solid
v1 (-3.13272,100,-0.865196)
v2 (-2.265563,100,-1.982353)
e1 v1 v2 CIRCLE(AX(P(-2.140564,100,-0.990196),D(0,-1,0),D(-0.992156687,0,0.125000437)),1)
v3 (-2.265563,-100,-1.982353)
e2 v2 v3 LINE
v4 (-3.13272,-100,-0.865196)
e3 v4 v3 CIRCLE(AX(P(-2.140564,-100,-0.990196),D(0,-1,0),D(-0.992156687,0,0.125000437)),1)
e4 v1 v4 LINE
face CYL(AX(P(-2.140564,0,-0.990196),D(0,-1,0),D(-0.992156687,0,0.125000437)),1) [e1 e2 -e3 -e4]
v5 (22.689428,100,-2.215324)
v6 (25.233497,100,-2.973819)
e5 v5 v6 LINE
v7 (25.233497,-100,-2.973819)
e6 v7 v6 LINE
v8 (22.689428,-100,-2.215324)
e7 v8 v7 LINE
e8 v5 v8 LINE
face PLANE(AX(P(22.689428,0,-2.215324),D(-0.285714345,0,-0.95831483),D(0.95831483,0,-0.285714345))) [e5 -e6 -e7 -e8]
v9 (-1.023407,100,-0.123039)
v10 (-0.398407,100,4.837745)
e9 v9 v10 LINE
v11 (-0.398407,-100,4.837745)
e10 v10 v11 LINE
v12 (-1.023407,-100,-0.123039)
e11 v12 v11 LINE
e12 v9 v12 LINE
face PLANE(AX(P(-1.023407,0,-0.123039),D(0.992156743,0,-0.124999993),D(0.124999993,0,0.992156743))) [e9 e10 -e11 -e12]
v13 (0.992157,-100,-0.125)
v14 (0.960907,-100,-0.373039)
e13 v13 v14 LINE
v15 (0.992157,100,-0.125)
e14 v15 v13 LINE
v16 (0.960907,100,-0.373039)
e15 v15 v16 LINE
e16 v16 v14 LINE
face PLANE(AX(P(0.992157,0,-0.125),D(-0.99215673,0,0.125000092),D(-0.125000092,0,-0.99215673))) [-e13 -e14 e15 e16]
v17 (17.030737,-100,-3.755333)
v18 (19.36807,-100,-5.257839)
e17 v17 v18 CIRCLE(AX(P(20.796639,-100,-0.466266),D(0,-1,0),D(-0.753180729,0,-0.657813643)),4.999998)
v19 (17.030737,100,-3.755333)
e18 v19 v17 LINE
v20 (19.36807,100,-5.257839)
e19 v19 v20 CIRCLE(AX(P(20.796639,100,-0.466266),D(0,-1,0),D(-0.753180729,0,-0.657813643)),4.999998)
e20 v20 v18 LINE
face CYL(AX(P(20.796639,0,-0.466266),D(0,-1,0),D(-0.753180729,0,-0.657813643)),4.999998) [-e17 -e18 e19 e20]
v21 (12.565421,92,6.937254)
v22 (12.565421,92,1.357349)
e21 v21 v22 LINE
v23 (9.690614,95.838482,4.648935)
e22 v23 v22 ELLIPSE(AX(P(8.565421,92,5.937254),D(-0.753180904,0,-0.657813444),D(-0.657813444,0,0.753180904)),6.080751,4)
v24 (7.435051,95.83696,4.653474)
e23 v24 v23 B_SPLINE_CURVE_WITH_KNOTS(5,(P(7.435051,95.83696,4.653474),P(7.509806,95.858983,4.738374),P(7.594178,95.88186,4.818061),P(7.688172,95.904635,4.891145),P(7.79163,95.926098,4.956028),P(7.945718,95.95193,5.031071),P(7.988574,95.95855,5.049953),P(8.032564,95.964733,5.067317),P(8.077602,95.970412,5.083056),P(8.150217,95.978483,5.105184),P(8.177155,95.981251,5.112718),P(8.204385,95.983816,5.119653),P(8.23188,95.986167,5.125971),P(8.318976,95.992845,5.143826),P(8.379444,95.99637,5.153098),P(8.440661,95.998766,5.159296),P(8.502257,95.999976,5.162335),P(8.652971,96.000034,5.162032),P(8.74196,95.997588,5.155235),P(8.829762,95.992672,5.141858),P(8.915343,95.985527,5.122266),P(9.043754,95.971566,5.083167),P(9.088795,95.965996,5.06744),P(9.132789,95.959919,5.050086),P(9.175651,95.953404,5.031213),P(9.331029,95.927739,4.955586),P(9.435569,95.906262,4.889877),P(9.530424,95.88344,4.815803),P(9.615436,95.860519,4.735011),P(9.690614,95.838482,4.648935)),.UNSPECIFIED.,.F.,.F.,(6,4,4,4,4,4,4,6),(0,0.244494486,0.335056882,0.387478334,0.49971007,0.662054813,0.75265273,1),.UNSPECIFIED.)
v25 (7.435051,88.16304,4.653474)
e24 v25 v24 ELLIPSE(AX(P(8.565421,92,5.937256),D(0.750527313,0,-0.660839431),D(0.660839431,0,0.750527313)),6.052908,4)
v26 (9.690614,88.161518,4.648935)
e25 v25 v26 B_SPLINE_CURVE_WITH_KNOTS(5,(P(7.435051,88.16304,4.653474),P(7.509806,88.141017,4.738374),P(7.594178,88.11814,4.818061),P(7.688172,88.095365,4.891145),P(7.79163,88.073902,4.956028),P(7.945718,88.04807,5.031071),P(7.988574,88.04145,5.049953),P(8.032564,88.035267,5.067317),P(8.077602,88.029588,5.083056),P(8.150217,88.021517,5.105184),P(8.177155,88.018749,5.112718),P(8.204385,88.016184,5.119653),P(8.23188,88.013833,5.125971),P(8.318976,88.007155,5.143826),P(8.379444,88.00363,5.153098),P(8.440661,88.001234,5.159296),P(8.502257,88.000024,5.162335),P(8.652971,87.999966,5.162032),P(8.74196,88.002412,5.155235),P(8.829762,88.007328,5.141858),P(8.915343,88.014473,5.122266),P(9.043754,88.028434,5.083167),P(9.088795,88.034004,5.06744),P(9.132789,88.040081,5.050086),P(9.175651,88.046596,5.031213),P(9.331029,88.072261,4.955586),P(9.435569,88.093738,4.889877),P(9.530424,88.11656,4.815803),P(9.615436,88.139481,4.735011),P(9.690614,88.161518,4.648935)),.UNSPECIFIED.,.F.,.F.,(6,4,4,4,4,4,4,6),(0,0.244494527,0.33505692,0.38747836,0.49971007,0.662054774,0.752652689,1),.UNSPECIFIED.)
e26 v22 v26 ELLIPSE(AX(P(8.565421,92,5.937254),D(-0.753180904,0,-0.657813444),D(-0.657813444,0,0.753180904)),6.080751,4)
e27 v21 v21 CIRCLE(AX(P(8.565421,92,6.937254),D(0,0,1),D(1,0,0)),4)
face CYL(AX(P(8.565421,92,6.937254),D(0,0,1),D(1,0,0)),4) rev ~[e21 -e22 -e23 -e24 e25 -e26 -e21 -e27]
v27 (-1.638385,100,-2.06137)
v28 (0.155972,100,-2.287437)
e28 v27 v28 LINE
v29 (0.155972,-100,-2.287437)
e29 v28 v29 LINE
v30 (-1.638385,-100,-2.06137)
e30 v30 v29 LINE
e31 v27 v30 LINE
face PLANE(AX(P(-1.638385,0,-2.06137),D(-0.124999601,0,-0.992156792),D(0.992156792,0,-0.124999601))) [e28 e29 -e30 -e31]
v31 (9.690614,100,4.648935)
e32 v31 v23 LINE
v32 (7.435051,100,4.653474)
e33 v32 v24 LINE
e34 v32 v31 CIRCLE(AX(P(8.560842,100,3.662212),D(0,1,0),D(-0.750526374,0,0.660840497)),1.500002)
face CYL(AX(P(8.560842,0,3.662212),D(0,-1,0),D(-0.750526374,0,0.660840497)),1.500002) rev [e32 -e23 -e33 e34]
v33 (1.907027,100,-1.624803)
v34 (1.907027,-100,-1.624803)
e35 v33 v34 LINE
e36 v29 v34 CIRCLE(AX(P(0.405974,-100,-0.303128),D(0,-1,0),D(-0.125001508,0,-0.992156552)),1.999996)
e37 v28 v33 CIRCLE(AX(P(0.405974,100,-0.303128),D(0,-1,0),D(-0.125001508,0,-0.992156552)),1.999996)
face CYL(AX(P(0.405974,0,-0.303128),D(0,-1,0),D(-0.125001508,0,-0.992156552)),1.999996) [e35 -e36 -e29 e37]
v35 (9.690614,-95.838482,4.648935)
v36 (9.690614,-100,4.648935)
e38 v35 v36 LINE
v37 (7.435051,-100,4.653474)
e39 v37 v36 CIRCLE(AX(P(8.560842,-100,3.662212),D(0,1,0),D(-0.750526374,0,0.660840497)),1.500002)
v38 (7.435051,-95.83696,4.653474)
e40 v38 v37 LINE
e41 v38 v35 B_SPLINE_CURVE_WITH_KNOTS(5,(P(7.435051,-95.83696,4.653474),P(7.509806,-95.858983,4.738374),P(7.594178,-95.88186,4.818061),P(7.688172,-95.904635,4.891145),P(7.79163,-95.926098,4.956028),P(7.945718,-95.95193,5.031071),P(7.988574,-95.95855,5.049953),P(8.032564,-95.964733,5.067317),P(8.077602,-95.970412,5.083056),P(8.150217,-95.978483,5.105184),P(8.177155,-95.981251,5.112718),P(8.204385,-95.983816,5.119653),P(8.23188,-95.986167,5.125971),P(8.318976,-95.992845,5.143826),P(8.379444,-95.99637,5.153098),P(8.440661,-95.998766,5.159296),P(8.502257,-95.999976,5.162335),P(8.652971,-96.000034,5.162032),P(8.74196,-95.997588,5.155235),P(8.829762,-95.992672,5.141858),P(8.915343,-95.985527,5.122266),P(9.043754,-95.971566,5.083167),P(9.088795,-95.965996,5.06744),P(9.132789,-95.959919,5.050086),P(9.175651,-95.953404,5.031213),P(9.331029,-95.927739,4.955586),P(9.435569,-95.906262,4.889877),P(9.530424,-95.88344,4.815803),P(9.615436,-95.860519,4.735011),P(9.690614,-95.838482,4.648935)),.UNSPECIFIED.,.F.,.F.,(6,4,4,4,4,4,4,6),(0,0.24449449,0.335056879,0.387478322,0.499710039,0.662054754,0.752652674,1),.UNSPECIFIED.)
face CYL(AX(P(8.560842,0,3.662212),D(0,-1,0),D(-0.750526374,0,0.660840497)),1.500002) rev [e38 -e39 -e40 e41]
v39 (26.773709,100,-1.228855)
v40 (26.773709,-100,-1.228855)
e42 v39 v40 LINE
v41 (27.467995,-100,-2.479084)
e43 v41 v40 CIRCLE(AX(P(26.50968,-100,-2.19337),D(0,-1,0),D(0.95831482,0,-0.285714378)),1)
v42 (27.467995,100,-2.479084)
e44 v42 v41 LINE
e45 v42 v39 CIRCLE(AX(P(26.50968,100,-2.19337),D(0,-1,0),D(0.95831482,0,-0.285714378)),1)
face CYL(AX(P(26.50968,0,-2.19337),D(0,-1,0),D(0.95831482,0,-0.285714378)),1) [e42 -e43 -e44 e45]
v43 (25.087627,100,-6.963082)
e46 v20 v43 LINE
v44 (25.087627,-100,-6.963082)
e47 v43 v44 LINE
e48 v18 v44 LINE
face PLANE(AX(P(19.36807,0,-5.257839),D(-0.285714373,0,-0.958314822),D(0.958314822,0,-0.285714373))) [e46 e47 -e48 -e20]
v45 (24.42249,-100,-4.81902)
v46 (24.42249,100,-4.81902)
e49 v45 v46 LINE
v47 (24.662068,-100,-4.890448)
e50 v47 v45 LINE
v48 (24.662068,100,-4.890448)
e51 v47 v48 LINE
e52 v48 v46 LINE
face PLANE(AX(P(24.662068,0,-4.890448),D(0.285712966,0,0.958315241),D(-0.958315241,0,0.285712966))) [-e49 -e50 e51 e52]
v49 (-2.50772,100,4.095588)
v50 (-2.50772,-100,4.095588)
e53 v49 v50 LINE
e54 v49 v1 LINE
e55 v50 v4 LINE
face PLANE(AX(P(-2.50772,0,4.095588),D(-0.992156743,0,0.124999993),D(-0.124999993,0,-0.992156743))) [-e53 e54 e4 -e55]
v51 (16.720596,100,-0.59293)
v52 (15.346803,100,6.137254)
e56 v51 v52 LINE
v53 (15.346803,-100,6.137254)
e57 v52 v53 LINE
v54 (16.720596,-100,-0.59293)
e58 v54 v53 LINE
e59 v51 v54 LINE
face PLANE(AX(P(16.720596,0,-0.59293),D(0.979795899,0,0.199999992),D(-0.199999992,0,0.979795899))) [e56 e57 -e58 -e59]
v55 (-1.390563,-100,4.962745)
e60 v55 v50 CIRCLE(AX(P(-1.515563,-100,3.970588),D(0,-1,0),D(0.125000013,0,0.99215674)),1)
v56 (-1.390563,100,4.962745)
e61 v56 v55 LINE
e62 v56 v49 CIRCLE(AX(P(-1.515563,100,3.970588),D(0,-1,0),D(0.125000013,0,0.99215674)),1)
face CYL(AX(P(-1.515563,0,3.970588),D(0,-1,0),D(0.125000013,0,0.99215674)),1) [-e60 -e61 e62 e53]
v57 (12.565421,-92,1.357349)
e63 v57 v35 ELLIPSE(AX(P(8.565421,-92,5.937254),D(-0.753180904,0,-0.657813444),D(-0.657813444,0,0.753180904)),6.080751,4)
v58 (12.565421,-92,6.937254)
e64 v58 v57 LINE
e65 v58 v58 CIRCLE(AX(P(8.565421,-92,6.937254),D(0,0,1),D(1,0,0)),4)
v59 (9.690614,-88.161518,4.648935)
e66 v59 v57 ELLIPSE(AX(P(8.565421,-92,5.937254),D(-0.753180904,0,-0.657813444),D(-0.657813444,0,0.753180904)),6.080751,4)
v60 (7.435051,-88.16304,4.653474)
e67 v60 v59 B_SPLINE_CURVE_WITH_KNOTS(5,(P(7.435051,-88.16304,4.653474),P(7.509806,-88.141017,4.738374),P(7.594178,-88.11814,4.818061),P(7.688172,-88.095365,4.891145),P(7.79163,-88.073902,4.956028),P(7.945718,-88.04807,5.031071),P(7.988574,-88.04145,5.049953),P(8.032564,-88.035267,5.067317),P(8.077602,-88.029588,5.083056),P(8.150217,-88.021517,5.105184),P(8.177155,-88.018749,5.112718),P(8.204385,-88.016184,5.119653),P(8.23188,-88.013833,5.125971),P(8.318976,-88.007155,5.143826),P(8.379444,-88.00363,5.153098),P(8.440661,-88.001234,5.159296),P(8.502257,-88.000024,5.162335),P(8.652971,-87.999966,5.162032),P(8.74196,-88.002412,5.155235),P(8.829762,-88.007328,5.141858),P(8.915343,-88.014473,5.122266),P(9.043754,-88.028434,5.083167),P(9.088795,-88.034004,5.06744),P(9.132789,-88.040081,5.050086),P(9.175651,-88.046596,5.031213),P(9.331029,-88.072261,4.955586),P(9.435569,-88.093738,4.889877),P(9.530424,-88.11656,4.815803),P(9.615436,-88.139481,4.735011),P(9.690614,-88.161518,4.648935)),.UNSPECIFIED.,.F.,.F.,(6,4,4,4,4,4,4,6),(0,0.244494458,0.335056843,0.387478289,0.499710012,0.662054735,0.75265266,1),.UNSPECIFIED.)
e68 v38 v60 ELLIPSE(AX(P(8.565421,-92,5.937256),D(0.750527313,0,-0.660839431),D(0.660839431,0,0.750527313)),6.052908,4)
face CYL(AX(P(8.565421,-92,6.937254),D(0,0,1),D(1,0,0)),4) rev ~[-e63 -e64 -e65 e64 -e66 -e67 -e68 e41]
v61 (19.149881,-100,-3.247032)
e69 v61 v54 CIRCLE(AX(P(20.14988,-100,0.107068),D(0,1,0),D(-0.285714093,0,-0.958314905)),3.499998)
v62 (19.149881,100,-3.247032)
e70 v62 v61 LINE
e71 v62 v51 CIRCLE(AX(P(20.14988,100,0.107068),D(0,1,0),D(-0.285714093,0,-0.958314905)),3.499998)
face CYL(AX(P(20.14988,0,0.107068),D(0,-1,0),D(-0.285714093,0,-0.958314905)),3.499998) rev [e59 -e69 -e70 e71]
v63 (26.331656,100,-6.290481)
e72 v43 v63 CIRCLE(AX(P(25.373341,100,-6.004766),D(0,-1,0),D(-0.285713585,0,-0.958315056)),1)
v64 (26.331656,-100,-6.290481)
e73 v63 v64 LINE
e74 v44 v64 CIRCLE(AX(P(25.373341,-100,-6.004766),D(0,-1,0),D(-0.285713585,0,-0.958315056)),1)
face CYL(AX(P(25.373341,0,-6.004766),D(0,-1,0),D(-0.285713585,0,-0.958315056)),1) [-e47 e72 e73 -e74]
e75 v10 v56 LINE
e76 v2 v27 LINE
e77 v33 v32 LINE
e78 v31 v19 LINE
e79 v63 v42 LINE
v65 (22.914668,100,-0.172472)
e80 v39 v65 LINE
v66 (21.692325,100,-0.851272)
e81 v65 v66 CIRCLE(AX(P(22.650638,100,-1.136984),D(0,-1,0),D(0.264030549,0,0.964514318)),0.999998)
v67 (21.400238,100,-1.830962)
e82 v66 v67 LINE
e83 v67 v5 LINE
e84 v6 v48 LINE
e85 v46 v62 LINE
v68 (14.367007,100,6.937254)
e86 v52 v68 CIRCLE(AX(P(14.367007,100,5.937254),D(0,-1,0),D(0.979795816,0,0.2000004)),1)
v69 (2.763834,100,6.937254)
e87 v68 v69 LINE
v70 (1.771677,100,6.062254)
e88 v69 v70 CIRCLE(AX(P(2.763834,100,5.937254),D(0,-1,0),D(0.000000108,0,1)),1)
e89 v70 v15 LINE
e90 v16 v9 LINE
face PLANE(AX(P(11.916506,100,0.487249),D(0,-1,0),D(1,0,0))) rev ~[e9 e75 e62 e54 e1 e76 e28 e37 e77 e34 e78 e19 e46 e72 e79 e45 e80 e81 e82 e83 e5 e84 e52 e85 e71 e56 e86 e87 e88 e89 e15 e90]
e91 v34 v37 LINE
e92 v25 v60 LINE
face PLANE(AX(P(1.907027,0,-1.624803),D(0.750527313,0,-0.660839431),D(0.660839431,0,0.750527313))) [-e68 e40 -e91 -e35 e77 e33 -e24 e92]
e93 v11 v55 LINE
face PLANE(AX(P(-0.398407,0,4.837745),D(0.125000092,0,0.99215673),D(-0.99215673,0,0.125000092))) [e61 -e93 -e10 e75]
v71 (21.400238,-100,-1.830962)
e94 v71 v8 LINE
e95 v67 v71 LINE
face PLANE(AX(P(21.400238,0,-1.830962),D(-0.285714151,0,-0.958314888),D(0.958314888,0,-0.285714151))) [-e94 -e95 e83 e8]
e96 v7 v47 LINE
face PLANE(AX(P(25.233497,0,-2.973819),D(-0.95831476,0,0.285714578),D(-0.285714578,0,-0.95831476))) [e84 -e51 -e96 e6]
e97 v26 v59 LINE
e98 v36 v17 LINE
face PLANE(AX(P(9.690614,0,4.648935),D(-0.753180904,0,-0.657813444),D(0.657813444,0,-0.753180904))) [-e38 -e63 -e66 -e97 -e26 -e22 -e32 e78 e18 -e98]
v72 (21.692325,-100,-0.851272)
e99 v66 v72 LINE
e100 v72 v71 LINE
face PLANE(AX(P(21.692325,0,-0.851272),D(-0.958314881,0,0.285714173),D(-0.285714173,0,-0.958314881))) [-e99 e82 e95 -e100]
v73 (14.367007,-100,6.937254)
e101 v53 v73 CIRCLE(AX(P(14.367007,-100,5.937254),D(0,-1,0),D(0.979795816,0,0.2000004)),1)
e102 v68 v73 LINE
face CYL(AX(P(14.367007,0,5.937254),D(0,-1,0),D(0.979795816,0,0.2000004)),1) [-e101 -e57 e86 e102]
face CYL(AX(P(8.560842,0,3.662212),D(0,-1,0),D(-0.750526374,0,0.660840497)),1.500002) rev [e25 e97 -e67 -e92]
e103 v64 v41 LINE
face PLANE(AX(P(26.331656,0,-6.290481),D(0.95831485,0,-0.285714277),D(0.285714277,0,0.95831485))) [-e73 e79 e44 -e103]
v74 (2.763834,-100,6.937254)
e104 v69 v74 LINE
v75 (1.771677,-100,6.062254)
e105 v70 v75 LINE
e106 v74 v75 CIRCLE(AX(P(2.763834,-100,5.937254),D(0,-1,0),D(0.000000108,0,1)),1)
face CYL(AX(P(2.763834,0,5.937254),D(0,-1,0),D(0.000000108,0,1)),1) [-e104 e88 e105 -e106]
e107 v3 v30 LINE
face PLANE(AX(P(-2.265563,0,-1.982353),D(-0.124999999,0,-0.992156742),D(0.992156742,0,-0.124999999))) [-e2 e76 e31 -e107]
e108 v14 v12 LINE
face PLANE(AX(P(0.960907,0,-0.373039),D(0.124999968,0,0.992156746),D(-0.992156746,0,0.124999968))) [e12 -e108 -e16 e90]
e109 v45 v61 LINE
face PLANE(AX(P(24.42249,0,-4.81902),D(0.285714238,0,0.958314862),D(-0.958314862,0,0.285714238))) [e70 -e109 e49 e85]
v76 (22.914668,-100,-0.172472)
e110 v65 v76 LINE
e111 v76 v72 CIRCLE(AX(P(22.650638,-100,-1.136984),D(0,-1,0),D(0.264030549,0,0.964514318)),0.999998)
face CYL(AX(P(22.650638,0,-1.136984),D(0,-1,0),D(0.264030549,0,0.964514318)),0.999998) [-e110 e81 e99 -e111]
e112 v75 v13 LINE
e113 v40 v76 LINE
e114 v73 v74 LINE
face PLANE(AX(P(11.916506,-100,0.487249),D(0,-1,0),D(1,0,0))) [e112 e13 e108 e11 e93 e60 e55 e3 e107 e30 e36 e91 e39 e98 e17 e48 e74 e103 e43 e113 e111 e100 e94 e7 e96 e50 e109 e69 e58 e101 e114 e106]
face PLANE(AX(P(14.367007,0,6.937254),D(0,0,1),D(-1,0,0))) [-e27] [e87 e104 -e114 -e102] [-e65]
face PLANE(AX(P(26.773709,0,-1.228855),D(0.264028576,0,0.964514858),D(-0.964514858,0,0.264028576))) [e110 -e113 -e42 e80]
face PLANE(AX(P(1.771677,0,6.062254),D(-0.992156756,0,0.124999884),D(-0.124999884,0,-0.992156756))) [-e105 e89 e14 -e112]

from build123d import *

# Parameters (mm, degrees)
F1_DEPTH      = 100
F1_DEPTH_BACK = 100
F2_R          = 4
F3_DEPTH      = 25


with BuildPart() as f1:
    # F0 (on Front) → F1 (new body, two sides)
    with BuildSketch(Plane.XZ) as f1_sk:
        with BuildLine():
            Line((24.42249, -4.81902), (19.149881, -3.247032))
            ThreePointArc((19.149881, -3.247032), (17.568078, -2.256041), (16.720596, -0.59293))
            Line((16.720596, -0.59293), (15.346803, 6.137254))
            ThreePointArc((15.346803, 6.137254), (14.999462, 6.711851), (14.367007, 6.937254))
            Line((14.367007, 6.937254), (2.763834, 6.937254))
            ThreePointArc((2.763834, 6.937254), (2.102396, 6.687254), (1.771677, 6.062254))
            Line((1.771677, 6.062254), (0.992157, -0.125))
            Line((0.992157, -0.125), (0.960907, -0.373039))
            Line((0.960907, -0.373039), (-1.023407, -0.123039))
            Line((-1.023407, -0.123039), (-0.398407, 4.837745))
            Line((-0.398407, 4.837745), (-1.390563, 4.962745))
            ThreePointArc((-1.390563, 4.962745), (-2.128736, 4.760537), (-2.50772, 4.095588))
            Line((-2.50772, 4.095588), (-3.13272, -0.865196))
            ThreePointArc((-3.13272, -0.865196), (-2.930513, -1.603368), (-2.265563, -1.982353))
            Line((-2.265563, -1.982353), (-1.638385, -2.06137))
            Line((-1.638385, -2.06137), (0.155972, -2.287437))
            ThreePointArc((0.155972, -2.287437), (1.113825, -2.173671), (1.907027, -1.624803))
            Line((1.907027, -1.624803), (7.435051, 4.653474))
            ThreePointArc((7.435051, 4.653474), (8.563861, 5.162211), (9.690614, 4.648935))
            Line((9.690614, 4.648935), (17.030737, -3.755333))
            ThreePointArc((17.030737, -3.755333), (18.092935, -4.67221), (19.36807, -5.257839))
            Line((19.36807, -5.257839), (25.087627, -6.963082))
            ThreePointArc((25.087627, -6.963082), (25.848942, -6.884428), (26.331656, -6.290481))
            Line((26.331656, -6.290481), (27.467995, -2.479084))
            ThreePointArc((27.467995, -2.479084), (27.383922, -1.707879), (26.773709, -1.228855))
            Line((26.773709, -1.228855), (22.914668, -0.172472))
            ThreePointArc((22.914668, -0.172472), (22.165149, -0.262744), (21.692325, -0.851272))
            Line((21.692325, -0.851272), (21.400238, -1.830962))
            Line((21.400238, -1.830962), (22.689428, -2.215324))
            Line((22.689428, -2.215324), (25.233497, -2.973819))
            Line((25.233497, -2.973819), (24.662068, -4.890448))
            Line((24.662068, -4.890448), (24.42249, -4.81902))
        make_face()
    extrude(amount=F1_DEPTH)
    extrude(f1_sk.sketch, amount=-F1_DEPTH_BACK)

    # F2 (on face) → F3 (cut)
    with BuildSketch(Plane.XY.offset(6.937254)):
        with Locations((8.565421, -92)):
            Circle(F2_R)
        with Locations((8.565421, 92)):
            Circle(F2_R)
    extrude(amount=-F3_DEPTH, mode=Mode.SUBTRACT)


solid = f1.part
